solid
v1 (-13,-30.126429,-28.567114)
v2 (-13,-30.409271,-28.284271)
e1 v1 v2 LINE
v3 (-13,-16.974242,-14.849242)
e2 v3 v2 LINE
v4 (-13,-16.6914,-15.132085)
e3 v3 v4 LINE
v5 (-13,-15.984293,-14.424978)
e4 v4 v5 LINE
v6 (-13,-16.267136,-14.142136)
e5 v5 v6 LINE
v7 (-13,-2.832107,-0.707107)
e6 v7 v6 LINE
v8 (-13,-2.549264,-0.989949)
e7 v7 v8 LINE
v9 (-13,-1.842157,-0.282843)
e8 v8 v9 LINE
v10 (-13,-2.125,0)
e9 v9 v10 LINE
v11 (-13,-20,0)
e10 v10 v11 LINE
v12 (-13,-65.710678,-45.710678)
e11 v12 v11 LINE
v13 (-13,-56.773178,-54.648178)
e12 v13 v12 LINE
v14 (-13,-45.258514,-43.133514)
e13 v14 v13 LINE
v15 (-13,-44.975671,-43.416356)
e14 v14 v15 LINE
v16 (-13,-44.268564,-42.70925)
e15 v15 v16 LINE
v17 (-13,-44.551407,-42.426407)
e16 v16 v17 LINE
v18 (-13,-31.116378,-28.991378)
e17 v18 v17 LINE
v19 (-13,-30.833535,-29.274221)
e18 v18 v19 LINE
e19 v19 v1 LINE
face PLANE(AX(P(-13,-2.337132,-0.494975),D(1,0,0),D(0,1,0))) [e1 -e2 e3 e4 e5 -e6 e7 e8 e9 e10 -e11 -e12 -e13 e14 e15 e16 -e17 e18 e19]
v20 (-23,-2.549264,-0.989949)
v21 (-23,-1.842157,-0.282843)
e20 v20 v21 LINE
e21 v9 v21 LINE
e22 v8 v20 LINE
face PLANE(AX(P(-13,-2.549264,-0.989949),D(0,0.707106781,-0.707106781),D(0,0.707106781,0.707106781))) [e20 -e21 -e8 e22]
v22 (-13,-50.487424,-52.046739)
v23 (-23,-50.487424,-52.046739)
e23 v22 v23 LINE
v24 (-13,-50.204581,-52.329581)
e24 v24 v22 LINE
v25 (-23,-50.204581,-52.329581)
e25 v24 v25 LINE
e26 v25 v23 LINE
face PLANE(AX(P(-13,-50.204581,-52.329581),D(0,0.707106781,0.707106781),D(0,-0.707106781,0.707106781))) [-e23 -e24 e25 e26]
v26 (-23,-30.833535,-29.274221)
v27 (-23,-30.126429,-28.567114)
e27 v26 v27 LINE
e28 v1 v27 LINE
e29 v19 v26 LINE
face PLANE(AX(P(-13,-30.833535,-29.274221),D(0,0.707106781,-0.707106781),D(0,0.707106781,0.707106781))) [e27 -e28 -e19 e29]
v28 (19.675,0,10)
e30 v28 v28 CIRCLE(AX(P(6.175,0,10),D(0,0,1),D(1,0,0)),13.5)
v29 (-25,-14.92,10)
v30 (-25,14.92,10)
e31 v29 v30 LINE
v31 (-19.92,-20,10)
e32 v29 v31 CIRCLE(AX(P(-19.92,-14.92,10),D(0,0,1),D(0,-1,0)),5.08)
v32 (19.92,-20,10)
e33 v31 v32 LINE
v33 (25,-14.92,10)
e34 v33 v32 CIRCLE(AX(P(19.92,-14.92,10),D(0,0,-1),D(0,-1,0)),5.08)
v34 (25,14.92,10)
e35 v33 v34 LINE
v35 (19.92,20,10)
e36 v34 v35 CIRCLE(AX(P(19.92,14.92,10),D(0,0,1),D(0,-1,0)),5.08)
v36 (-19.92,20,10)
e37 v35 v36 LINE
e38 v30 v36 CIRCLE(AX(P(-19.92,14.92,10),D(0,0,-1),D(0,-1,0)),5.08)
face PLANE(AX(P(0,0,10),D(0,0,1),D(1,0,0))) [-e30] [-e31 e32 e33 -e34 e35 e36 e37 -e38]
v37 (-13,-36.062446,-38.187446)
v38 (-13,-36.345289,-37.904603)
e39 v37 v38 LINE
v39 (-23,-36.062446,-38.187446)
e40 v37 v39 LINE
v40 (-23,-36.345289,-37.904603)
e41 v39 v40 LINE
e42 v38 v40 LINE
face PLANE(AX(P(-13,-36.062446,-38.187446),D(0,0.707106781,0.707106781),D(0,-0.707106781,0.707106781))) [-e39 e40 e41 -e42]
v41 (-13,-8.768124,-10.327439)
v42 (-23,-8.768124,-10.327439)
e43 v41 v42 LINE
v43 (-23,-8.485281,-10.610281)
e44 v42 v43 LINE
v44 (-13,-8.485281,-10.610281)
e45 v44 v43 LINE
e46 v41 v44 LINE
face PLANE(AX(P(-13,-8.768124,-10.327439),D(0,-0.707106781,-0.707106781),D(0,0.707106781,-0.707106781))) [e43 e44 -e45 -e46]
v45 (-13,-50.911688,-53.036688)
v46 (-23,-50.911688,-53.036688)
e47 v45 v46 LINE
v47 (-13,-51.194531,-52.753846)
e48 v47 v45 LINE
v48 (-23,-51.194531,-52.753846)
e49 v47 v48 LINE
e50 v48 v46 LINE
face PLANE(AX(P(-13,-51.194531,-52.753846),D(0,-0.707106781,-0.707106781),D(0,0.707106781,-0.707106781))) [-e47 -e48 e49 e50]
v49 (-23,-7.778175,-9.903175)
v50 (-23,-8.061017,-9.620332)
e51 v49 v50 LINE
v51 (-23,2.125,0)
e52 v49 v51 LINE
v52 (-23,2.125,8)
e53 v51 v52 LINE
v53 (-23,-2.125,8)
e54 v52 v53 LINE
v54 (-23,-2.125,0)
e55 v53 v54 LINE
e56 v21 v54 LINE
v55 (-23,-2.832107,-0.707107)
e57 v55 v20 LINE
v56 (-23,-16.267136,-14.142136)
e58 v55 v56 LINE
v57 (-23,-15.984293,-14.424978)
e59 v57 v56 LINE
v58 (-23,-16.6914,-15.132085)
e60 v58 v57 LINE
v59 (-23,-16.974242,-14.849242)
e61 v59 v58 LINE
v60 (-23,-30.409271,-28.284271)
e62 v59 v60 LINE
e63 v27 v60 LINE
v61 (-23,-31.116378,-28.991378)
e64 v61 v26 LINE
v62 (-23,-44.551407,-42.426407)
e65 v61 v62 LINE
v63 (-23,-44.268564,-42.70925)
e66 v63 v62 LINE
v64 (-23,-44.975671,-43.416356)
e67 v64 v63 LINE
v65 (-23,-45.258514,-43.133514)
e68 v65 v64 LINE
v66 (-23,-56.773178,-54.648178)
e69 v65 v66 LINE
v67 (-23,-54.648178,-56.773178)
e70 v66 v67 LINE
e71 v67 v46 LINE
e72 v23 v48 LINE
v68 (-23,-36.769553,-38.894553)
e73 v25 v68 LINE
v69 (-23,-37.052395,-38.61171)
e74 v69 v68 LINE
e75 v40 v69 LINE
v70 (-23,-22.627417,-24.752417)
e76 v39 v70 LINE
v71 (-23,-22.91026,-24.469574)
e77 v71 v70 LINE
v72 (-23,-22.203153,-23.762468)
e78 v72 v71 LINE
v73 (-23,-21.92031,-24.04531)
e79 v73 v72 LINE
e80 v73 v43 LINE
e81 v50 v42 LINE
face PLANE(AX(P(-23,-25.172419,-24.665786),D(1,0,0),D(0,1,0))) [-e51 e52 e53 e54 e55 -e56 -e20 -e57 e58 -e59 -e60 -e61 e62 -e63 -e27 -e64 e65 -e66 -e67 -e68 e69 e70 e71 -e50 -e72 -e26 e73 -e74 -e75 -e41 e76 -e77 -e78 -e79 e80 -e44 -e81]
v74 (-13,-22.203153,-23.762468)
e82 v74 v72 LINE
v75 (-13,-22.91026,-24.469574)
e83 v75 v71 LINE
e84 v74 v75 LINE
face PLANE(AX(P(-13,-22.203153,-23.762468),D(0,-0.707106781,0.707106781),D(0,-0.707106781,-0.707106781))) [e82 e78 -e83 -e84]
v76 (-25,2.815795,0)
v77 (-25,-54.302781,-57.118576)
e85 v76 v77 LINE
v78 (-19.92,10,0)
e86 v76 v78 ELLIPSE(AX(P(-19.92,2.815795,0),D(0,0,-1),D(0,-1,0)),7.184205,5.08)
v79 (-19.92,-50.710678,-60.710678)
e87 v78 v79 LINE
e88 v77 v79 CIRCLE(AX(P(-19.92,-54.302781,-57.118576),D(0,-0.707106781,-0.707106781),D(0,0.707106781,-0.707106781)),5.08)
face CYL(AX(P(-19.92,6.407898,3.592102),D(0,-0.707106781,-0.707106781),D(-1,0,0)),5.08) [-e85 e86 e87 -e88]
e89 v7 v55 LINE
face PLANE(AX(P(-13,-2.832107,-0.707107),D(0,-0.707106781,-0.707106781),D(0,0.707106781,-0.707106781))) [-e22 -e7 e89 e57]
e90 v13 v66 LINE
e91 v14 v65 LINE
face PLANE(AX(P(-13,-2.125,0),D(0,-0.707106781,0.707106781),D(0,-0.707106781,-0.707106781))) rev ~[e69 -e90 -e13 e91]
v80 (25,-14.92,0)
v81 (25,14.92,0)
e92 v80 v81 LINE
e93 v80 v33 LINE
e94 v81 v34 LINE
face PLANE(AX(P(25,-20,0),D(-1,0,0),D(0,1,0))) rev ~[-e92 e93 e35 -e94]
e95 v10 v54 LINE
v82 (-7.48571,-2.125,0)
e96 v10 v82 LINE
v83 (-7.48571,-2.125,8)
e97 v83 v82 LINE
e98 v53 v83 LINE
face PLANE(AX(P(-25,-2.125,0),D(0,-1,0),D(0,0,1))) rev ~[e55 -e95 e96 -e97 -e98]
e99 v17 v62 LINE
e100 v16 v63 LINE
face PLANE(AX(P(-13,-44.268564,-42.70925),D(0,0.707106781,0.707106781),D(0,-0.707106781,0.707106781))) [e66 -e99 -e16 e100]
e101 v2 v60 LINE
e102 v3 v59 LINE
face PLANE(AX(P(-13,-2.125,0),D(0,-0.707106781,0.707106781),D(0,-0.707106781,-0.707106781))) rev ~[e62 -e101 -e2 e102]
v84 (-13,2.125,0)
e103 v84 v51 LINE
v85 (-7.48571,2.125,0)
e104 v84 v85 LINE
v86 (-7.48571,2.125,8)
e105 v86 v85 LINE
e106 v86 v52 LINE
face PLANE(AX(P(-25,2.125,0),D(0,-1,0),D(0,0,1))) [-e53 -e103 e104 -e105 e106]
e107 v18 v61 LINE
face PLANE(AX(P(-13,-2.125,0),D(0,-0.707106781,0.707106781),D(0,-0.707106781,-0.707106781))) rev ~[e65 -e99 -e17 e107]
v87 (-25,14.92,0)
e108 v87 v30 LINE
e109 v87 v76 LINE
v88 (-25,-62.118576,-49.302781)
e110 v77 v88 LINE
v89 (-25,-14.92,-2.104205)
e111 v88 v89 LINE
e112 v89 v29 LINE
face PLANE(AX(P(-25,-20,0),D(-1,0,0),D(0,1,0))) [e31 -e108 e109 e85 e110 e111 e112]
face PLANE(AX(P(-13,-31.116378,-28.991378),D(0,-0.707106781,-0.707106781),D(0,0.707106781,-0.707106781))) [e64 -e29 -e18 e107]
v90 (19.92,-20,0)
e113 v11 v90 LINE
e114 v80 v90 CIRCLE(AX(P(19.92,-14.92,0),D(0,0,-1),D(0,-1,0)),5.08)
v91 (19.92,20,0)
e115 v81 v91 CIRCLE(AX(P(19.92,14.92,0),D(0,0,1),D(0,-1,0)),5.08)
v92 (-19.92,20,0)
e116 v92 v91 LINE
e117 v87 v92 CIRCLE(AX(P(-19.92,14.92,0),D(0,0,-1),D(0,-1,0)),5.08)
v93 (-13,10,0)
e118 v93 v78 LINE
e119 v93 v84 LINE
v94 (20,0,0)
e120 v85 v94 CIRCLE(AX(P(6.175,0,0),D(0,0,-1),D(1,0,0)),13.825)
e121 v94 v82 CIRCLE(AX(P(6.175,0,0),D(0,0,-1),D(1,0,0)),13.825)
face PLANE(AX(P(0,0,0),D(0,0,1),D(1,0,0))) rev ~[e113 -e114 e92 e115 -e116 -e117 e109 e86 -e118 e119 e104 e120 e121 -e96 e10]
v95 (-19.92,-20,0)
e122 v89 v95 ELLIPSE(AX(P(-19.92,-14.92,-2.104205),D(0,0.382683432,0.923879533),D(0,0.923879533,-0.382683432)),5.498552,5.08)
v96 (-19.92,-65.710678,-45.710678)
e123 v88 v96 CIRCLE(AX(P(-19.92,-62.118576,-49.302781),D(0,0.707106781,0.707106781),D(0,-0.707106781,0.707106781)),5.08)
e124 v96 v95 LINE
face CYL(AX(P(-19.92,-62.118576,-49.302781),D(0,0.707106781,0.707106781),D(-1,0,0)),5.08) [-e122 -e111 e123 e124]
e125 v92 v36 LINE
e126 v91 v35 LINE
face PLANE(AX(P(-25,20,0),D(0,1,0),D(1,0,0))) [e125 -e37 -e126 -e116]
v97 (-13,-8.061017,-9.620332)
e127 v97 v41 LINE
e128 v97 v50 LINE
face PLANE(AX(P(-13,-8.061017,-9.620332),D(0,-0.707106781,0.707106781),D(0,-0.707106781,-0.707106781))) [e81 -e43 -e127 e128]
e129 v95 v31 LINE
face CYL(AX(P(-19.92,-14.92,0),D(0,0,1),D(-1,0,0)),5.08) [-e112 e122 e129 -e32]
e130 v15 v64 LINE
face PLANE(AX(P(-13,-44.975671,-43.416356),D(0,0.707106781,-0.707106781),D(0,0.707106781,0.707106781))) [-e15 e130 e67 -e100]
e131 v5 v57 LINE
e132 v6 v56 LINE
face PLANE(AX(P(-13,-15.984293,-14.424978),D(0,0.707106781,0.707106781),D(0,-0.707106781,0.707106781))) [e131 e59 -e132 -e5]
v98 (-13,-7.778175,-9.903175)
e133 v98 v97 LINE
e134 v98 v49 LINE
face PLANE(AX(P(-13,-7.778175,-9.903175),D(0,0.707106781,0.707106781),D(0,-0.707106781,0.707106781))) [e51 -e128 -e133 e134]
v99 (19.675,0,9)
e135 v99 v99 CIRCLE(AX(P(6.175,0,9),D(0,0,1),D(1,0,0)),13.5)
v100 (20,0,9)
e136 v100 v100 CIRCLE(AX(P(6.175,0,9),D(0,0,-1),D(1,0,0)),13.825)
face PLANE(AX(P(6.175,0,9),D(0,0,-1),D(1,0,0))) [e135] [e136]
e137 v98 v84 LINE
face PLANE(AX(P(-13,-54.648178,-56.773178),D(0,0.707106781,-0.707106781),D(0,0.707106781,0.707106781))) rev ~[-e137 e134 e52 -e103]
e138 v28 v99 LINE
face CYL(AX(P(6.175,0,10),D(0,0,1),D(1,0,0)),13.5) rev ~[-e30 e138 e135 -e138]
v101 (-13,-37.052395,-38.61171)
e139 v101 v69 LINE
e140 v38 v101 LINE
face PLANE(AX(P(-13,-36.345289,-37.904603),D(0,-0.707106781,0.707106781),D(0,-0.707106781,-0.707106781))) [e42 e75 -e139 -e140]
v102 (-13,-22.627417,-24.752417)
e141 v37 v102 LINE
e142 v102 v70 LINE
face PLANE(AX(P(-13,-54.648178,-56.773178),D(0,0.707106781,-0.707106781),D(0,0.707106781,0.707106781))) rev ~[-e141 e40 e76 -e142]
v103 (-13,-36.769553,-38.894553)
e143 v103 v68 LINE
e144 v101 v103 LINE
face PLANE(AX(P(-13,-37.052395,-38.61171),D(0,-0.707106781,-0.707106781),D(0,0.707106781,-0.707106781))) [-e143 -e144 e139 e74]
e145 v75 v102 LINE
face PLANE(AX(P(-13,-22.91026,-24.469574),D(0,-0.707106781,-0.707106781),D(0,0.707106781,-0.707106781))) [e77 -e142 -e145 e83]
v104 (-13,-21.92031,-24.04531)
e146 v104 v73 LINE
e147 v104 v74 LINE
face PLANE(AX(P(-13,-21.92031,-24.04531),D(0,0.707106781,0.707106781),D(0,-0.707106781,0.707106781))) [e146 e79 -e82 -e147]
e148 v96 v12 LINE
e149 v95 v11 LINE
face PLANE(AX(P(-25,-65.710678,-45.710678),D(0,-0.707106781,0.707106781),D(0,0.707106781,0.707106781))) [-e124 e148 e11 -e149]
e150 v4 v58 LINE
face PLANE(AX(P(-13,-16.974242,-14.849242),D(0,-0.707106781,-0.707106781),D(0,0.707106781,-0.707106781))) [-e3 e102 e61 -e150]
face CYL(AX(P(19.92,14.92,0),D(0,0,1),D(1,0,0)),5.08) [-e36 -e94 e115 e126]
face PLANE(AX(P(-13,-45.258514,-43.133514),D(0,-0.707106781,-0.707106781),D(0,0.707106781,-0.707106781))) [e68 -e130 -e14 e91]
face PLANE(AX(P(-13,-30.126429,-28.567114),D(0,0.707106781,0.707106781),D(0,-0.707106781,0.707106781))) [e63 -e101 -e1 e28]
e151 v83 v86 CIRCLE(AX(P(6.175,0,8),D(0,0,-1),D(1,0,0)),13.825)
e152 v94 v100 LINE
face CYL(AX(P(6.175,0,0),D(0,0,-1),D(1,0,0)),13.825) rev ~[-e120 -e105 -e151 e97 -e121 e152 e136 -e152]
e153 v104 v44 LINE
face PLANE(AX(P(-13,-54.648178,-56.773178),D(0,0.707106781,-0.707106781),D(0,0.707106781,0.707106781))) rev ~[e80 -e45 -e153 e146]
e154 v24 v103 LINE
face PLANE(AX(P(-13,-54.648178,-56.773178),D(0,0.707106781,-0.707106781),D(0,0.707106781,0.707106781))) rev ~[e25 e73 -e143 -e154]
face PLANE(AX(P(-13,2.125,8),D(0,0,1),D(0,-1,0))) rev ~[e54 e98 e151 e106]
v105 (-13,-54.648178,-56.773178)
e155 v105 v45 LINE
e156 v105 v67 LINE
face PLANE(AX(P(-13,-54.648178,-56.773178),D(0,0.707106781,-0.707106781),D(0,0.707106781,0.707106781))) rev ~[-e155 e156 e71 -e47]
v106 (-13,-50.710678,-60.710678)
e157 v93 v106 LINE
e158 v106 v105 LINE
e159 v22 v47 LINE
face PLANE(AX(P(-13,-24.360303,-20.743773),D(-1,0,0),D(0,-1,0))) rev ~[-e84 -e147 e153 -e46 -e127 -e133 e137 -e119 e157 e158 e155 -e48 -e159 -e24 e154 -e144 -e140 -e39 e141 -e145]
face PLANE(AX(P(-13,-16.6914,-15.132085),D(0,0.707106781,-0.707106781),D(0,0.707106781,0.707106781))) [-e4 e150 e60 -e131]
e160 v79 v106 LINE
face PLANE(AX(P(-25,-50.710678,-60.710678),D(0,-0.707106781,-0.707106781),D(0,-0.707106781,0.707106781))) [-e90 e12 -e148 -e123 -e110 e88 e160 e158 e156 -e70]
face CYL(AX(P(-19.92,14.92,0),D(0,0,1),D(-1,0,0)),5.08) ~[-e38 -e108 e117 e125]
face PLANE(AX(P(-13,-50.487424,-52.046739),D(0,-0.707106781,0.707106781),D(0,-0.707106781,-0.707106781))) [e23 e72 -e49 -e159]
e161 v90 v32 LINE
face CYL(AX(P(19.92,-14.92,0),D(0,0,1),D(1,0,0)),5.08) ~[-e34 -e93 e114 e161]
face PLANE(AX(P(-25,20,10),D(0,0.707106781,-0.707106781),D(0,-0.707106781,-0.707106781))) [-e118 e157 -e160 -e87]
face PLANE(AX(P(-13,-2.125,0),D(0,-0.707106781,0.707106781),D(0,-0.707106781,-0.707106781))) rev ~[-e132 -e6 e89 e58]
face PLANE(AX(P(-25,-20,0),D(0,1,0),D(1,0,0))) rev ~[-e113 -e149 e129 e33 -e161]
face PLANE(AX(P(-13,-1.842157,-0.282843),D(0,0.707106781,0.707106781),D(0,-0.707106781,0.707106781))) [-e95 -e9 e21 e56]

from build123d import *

# Parameters (mm, degrees)
F0_W      = 50
F0_H      = 40
F1_DEPTH  = 10
F2_R      = 13.825
F3_DEPTH  = 9
F4_R      = 13.5
F5_DEPTH  = 1
F6_W      = 4.25
F6_H      = 8
F7_DEPTH  = 17.515289916
F9_DEPTH  = 12
F10_R     = 5.08
F11_R     = 5.08
F13_DEPTH = 10
F15_DEPTH = 10
F17_DEPTH = 10


with BuildPart() as f1:
    # F0 (on Top) → F1 (new body)
    with BuildSketch(Plane.XY):
        Rectangle(F0_W, F0_H)
    extrude(amount=F1_DEPTH)

    # F2 (on face) → F3 (cut)
    with BuildSketch(Plane(origin=(0, 0, 0), x_dir=(1, 0, 0), z_dir=(0, 0, -1))):
        with Locations((6.175, 0)):
            Circle(F2_R)
    extrude(amount=-F3_DEPTH, mode=Mode.SUBTRACT)

    # F4 (on face) → F5 (cut, through all)
    with BuildSketch(Plane.XY.offset(10)):
        with Locations((6.175, 0)):
            Circle(F4_R)
    extrude(amount=-F5_DEPTH, mode=Mode.SUBTRACT)

    # F6 (on face) → F7 (cut, through all)
    with BuildSketch(Plane(origin=(-25, 0, 0), x_dir=(0, -1, 0), z_dir=(-1, 0, 0))):
        with Locations((0, 4)):
            Rectangle(F6_W, F6_H)
    extrude(amount=-F7_DEPTH, mode=Mode.SUBTRACT)

    # F8 (on face) → F9 (join)
    with BuildSketch(Plane(origin=(-25, 0, 0), x_dir=(0, -1, 0), z_dir=(-1, 0, 0))):
        Polygon((10, 10), (-20, 10), (50.7106781187, -60.7106781187), (65.7106781187, -45.7106781187), align=None)
    extrude(amount=-F9_DEPTH)

    # F10
    f10_edges = [f1.edges().sort_by_distance(p)[0] for p in [
        (25, -20, 5),
        (-25, -20, 5),
        (-25, 20, 5),
        (25, 20, 5),
    ]]
    fillet(f10_edges, radius=F10_R)

    # F11
    f11_edges = [f1.edges().sort_by_distance(p)[0] for p in [
        (-25, -42.855339, -22.855339),
        (-25, -20.355339, -30.355339),
    ]]
    fillet(f11_edges, radius=F11_R)

    # F12 (on face) → F13 (cut)
    with BuildSketch(Plane.YZ.offset(-13)):
        Polygon((2.125, 8), (-2.125, 8), (-2.125, 0), (-56.7731781187, -54.6481781187), (-54.6481781187, -56.7731781187), (2.125, 0), align=None)
    extrude(amount=-F13_DEPTH, mode=Mode.SUBTRACT)

    # F14 (on face) → F15 (join, through all)
    with BuildSketch(Plane.YZ.offset(-13)):
        Polygon((-1.8421572875, -0.2828427125), (-2.125, 0), (-2.8321067812, -0.7071067812), (-2.5492640687, -0.9899494937), align=None)
        Polygon((-16.2671356237, -14.1421356237), (-16.9742424049, -14.8492424049), (-16.6913996924, -15.1320851174), (-15.9842929113, -14.4249783362), align=None)
        Polygon((-30.4092712475, -28.2842712475), (-31.1163780286, -28.9913780286), (-30.8335353162, -29.2742207411), (-30.126428535, -28.5671139599), align=None)
        Polygon((-44.5514068712, -42.4264068712), (-45.2585136524, -43.1335136524), (-44.9756709399, -43.4163563649), (-44.2685641587, -42.7092495837), align=None)
    extrude(amount=-F15_DEPTH)

    # F16 (on face) → F17 (join, through all)
    with BuildSketch(Plane.YZ.offset(-13)):
        Polygon((-8.4852813742, -10.6102813742), (-7.7781745931, -9.9031745931), (-8.0610173055, -9.6203318806), (-8.7681240867, -10.3274386618), align=None)
        Polygon((-22.9102597104, -24.4695742855), (-22.627416998, -24.752416998), (-21.9203102168, -24.0453102168), (-22.2031529293, -23.7624675043), align=None)
        Polygon((-37.0523953342, -38.6117099092), (-36.7695526217, -38.8945526217), (-36.0624458405, -38.1874458405), (-36.345288553, -37.904603128), align=None)
        Polygon((-51.1945309579, -52.753845533), (-50.9116882454, -53.0366882454), (-50.2045814642, -52.3295814642), (-50.4874241767, -52.0467387518), align=None)
    extrude(amount=-F17_DEPTH)


solid = f1.part
